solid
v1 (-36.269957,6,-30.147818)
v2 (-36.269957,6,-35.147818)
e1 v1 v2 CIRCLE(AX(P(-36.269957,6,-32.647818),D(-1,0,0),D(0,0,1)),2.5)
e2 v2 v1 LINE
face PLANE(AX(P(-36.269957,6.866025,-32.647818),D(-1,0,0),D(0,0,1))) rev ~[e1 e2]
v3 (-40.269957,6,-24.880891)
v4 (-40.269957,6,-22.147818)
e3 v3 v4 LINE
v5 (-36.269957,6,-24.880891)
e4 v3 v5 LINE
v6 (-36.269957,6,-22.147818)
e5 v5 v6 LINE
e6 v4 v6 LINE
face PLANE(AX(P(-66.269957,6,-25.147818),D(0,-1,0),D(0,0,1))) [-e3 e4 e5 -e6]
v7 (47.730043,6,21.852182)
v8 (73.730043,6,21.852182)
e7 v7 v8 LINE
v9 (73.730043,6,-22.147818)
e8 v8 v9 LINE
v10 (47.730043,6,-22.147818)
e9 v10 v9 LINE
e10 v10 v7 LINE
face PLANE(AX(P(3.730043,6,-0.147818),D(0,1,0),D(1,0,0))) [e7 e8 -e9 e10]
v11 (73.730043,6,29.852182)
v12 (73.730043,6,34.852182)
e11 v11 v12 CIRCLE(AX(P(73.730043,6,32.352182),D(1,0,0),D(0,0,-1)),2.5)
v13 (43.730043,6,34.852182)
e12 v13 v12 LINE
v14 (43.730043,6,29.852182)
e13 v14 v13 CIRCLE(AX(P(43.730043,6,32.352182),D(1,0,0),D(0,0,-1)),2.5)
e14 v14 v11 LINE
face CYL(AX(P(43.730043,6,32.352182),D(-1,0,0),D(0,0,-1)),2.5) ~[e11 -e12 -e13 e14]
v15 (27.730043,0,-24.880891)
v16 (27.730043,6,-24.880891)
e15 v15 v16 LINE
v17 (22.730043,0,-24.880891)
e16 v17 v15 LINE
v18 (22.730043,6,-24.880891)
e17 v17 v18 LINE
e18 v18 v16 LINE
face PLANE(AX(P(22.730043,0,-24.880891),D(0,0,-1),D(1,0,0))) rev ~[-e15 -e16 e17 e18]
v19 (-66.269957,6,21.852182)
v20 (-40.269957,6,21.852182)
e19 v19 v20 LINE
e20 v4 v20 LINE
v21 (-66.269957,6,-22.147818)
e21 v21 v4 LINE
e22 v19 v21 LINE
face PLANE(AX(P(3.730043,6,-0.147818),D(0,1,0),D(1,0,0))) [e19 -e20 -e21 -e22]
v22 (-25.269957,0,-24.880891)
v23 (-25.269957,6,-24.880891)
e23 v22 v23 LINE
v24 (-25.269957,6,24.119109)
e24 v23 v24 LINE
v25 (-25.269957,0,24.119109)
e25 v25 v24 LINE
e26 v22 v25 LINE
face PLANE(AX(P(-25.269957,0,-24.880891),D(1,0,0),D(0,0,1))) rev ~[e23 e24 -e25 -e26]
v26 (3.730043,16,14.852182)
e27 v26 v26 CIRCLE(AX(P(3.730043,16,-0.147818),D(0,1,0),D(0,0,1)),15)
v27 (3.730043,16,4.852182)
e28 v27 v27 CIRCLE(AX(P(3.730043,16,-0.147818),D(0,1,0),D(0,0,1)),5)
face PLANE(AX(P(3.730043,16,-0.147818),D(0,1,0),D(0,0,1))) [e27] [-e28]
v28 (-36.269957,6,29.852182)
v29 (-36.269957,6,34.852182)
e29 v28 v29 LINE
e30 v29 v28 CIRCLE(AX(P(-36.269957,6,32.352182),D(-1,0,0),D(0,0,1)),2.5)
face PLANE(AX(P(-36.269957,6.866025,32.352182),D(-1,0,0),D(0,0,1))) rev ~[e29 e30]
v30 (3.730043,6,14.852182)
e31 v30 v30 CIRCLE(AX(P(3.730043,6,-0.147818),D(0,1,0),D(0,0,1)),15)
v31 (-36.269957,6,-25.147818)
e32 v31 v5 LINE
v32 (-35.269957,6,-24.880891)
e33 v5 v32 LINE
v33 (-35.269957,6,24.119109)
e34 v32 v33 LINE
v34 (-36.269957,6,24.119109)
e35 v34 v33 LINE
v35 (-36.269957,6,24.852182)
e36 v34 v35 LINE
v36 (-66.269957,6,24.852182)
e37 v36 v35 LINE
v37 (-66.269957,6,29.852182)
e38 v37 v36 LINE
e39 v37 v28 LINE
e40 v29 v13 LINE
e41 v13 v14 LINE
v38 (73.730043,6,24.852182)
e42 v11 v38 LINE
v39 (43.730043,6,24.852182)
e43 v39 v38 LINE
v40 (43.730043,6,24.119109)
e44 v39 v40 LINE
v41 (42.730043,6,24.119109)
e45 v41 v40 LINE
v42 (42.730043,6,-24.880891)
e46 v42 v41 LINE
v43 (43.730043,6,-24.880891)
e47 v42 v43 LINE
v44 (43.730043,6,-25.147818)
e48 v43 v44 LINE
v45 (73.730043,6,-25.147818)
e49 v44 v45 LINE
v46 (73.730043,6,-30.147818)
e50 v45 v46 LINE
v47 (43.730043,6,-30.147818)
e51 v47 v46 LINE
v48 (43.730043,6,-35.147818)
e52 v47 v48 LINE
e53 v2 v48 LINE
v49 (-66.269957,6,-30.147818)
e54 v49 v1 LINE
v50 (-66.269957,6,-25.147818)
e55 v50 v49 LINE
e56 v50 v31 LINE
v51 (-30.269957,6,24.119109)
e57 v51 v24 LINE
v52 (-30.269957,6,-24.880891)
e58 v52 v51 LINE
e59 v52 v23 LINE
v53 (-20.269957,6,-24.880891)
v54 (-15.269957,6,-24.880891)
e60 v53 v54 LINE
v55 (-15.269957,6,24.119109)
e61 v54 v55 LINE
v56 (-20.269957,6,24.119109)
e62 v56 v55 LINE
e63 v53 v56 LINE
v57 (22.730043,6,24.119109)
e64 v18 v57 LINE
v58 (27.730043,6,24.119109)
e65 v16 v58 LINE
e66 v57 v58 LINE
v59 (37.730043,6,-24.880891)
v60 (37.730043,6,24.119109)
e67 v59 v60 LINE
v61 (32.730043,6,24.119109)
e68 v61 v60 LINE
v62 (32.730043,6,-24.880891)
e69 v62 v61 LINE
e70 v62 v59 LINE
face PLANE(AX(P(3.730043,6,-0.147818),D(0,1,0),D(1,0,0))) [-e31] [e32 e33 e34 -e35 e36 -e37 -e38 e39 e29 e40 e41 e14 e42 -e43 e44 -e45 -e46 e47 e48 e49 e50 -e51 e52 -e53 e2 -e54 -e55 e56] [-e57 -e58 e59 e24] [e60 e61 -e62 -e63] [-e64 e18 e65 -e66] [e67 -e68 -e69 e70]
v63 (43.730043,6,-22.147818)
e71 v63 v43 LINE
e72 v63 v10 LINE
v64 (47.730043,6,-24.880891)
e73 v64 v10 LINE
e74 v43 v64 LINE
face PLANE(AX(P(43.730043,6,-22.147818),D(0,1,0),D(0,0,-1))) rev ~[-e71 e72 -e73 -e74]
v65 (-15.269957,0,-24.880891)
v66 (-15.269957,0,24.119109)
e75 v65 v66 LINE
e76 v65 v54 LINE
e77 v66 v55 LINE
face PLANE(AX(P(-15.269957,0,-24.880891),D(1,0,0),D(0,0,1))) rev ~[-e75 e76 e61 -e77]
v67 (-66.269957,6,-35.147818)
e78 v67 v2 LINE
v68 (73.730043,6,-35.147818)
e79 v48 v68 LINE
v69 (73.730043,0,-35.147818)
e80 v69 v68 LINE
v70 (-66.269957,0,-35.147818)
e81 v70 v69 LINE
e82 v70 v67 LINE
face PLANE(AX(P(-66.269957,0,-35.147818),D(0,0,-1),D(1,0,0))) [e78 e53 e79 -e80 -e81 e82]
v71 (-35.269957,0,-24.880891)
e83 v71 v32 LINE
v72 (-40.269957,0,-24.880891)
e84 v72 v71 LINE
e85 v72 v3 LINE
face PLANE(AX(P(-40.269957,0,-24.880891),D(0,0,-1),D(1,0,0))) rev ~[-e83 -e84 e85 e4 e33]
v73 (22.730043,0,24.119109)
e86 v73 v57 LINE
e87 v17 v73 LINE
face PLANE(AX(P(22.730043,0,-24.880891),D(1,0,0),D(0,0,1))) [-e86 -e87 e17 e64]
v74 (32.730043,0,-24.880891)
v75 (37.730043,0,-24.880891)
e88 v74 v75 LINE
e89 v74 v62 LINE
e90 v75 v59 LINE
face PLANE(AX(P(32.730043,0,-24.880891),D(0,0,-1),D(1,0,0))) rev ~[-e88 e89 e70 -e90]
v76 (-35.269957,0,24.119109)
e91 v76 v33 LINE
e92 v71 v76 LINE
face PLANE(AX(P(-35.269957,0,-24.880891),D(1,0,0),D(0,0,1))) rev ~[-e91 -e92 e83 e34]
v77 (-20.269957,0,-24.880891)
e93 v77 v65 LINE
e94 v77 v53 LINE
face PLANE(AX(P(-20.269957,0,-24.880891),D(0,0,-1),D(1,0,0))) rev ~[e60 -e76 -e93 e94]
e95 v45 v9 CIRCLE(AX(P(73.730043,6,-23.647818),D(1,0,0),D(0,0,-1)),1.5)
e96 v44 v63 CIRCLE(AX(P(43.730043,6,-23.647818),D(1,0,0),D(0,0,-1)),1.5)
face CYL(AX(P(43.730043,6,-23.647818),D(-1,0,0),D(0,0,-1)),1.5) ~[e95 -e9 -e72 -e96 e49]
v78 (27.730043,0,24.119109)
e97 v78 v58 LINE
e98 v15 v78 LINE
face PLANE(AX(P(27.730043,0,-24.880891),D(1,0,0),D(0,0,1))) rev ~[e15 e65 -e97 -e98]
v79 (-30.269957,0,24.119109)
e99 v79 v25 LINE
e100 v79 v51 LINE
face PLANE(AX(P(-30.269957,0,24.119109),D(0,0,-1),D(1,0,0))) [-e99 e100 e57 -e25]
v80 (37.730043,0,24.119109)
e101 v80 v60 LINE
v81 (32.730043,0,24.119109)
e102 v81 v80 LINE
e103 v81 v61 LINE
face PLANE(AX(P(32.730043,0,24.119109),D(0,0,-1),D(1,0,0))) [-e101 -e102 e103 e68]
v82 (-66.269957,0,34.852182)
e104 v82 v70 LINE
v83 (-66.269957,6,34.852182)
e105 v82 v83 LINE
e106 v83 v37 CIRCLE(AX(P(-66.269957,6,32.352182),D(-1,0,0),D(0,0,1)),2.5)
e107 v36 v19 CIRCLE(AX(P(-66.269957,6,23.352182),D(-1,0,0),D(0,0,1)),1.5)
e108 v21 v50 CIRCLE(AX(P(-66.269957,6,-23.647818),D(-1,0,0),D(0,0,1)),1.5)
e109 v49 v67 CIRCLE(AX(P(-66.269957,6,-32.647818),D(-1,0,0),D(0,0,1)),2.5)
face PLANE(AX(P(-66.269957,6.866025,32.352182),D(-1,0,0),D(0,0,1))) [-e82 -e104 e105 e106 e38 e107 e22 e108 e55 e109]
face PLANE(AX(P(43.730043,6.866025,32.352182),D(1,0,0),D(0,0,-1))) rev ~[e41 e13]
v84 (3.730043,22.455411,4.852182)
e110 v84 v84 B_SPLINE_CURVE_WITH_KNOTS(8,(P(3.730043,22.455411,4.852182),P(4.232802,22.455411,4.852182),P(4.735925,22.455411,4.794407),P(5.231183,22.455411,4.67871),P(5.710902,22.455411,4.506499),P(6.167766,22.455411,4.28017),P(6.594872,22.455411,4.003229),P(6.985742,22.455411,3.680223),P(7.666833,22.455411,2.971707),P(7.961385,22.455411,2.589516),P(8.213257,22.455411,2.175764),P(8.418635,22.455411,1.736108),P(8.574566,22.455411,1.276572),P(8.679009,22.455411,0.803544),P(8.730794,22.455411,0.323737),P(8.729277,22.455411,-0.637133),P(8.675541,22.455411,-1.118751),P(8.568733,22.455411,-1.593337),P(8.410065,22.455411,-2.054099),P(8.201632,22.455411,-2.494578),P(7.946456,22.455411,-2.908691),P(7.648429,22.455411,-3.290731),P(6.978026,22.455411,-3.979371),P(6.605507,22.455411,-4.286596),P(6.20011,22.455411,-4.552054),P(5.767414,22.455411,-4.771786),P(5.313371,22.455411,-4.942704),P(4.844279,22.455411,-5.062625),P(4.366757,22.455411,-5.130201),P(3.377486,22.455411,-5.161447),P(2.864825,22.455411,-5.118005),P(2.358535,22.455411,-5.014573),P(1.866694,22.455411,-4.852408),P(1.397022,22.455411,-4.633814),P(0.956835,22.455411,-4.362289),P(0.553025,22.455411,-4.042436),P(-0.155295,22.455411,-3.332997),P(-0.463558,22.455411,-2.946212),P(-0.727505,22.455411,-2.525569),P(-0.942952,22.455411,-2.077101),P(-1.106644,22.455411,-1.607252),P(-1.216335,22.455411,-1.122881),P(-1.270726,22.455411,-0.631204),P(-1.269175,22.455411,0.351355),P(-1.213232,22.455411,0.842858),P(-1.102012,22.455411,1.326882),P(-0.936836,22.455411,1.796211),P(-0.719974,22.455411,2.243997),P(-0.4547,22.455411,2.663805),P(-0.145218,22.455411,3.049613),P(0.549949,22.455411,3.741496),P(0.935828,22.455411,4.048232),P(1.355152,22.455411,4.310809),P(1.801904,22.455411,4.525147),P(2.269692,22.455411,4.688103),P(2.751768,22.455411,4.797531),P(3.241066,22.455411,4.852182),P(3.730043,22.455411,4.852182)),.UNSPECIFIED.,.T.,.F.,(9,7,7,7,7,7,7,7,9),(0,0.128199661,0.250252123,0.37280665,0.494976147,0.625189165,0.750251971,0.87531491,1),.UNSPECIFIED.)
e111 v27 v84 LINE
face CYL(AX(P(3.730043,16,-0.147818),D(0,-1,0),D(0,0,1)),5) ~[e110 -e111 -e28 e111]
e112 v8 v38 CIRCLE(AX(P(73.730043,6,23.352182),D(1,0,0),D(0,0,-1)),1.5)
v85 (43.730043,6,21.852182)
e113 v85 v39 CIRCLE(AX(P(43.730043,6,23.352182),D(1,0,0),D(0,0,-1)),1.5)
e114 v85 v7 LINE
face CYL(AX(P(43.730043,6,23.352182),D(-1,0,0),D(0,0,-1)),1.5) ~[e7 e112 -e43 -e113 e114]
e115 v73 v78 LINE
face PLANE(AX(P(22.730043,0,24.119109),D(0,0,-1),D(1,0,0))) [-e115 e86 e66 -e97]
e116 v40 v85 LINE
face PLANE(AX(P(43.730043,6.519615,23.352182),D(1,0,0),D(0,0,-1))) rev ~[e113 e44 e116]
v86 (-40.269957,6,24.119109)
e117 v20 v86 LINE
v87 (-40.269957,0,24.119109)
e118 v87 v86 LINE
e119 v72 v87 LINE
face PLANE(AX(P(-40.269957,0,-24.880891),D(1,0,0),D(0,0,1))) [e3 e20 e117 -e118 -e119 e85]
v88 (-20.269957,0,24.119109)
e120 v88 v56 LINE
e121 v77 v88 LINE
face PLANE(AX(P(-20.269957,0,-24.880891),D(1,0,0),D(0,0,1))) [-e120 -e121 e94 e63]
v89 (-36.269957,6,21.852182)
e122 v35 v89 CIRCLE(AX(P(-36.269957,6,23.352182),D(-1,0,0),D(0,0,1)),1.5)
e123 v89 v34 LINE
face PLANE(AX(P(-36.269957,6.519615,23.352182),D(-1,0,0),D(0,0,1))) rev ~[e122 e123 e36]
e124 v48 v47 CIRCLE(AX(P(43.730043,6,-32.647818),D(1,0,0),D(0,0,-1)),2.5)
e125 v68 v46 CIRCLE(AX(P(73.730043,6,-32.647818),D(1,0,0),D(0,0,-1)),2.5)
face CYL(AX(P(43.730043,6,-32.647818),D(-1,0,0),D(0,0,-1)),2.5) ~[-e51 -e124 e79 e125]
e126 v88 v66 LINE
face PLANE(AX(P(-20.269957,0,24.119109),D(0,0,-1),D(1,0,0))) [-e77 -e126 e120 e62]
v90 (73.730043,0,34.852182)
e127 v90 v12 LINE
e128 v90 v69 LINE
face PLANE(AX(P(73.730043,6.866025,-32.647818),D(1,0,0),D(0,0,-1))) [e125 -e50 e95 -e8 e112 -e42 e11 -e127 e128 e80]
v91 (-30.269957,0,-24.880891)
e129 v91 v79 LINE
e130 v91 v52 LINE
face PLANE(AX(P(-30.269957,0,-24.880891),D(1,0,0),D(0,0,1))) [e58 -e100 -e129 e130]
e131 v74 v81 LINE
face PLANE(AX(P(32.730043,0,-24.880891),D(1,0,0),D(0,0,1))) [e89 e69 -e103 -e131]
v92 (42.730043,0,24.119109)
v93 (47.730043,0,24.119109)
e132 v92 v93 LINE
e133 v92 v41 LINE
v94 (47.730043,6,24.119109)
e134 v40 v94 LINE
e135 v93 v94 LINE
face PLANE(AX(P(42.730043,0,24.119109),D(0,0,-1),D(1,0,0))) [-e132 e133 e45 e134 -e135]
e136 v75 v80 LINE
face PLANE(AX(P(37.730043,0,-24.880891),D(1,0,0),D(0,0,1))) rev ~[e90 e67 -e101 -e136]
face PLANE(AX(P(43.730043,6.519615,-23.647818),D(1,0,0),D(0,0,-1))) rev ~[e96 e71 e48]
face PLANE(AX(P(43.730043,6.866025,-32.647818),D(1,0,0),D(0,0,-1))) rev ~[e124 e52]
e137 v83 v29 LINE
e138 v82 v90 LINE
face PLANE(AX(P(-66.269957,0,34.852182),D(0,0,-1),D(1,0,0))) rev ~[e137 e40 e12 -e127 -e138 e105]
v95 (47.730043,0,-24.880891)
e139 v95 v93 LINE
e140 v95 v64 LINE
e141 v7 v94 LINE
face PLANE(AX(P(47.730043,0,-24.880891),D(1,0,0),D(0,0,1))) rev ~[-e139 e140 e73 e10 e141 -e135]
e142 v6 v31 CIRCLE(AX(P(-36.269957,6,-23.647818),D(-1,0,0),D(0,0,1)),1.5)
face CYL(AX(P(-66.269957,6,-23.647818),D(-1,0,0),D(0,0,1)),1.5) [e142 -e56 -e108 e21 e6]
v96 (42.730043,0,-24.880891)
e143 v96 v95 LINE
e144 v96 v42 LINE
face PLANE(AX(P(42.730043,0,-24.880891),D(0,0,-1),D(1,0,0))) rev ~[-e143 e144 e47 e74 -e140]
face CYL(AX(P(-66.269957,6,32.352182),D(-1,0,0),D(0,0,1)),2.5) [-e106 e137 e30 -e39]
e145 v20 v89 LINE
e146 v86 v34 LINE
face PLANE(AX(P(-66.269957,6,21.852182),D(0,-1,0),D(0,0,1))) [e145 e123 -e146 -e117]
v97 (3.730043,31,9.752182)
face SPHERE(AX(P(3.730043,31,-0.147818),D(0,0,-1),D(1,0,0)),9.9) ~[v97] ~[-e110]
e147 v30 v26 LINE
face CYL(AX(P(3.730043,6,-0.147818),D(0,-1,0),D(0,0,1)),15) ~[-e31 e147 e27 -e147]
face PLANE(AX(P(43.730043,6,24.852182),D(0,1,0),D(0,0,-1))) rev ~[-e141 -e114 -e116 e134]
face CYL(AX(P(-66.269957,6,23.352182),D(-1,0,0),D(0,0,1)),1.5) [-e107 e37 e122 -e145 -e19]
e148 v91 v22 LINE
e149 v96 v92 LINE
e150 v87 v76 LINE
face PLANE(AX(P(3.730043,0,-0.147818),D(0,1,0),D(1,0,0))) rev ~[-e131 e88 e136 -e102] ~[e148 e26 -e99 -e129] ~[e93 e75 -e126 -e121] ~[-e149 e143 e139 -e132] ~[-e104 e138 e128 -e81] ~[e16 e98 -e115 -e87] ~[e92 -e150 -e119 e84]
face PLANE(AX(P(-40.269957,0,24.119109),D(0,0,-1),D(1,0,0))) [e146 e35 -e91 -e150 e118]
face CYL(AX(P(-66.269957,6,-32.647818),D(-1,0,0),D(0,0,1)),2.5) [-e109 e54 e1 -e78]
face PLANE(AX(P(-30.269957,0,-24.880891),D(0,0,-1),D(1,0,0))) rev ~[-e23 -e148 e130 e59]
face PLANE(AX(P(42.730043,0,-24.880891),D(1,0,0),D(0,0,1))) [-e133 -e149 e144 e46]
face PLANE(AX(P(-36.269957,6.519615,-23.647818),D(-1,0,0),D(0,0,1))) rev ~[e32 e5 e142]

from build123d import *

# Parameters (mm, degrees)
SKETCH_1_W          = 140
SKETCH_1_H          = 70
EXTRUDE_1_DEPTH     = 6
SKETCH_2_R          = 15
EXTRUDE_2_DEPTH     = 10
SKETCH_5_R          = 5
EXTRUDE_4_DEPTH     = 15
SKETCH_7_W          = 5
SKETCH_7_H          = 49
CUT_EXTRUDE_1_DEPTH = 6
EXTRUDE_5_DEPTH     = 30
EXTRUDE_START       = -30
EXTRUDE_6_DEPTH     = 30


with BuildPart() as part:
    # 草图1 → 凸台-拉伸1 (new body)
    with BuildSketch(Plane(origin=(0, 0, 0), x_dir=(1, 0, 0), z_dir=(0, 1, 0))):
        with Locations((3.730042991, 0.147818203)):
            Rectangle(SKETCH_1_W, SKETCH_1_H)
    extrude(amount=EXTRUDE_1_DEPTH)

    # 草图2 → 凸台-拉伸2 (add)
    with BuildSketch(Plane(origin=(0, 6, 0), x_dir=(1, 0, 0), z_dir=(0, 1, 0))):
        with Locations(Location((3.730042991, 0.147818203, 0), (0, 0, 270))):
            Circle(SKETCH_2_R)
    extrude(amount=EXTRUDE_2_DEPTH)

    # 草图5 → 凸台-拉伸4 (add)
    with BuildSketch(Plane(origin=(0, 16, 0), x_dir=(1, 0, 0), z_dir=(0, 1, 0))):
        with Locations(Location((3.730042991, 0.147818203, 0), (0, 0, 270))):
            Circle(SKETCH_5_R)
    extrude(amount=EXTRUDE_4_DEPTH)

    # 草图6 → 旋转2 (revolve)
    with BuildSketch(Plane(origin=(0, 31, 0), x_dir=(1, 0, 0), z_dir=(0, 1, 0))):
        with BuildLine():
            Line((3.730042991, 10.047818203), (3.730042991, -9.752181797))
            ThreePointArc((3.730042991, -9.752181797), (13.630042991, 0.147818203), (3.730042991, 10.047818203))
        make_face()
    revolve(axis=Axis((3.730042991, 31, -10.047818203), (0, 0, 1)))

    # 草图7 → 切除-拉伸1 (cut)
    with BuildSketch(Plane.XZ):
        with Locations((25.230042991, -0.380891395)):
            Rectangle(SKETCH_7_W, SKETCH_7_H)
        with Locations((-37.769957009, -0.380891395)):
            Rectangle(SKETCH_7_W, SKETCH_7_H)
        with Locations((35.230042991, -0.380891395)):
            Rectangle(SKETCH_7_W, SKETCH_7_H)
        with Locations((45.230042991, -0.380891395)):
            Rectangle(SKETCH_7_W, SKETCH_7_H)
        with Locations((-27.769957009, -0.380891395)):
            Rectangle(SKETCH_7_W, SKETCH_7_H)
        with Locations((-17.769957009, -0.380891395)):
            Rectangle(SKETCH_7_W, SKETCH_7_H)
    extrude(amount=-CUT_EXTRUDE_1_DEPTH, mode=Mode.SUBTRACT)

    # 草图9 → 凸台-拉伸5 (add)
    with BuildSketch(Plane.ZY.offset(66.269957009)):
        with BuildLine():
            Line((29.852181797, 6), (34.852181797, 6))
            ThreePointArc((34.852181797, 6), (32.352181797, 8.5), (29.852181797, 6))
        make_face()
        with BuildLine():
            Line((-35.147818203, 6), (-30.147818203, 6))
            ThreePointArc((-30.147818203, 6), (-32.647818203, 8.5), (-35.147818203, 6))
        make_face()
        with BuildLine():
            Line((21.852181797, 6), (24.852181797, 6))
            ThreePointArc((24.852181797, 6), (23.352181797, 7.5), (21.852181797, 6))
        make_face()
        with BuildLine():
            Line((-25.147818203, 6), (-22.147818203, 6))
            ThreePointArc((-22.147818203, 6), (-23.647818203, 7.5), (-25.147818203, 6))
        make_face()
    extrude(amount=-EXTRUDE_5_DEPTH)

    # 草图11 → 凸台-拉伸6 (add)
    with BuildSketch(Plane(origin=(73.730042991, 0, 0), x_dir=(0, 0, -1), z_dir=(1, 0, 0)).offset(EXTRUDE_START)):
        with BuildLine():
            Line((30.147818203, 6), (35.147818203, 6))
            ThreePointArc((35.147818203, 6), (32.647818203, 8.5), (30.147818203, 6))
        make_face()
        with BuildLine():
            Line((-34.852181797, 6), (-29.852181797, 6))
            ThreePointArc((-29.852181797, 6), (-32.352181797, 8.5), (-34.852181797, 6))
        make_face()
        with BuildLine():
            Line((22.147818203, 6), (25.147818203, 6))
            ThreePointArc((25.147818203, 6), (23.647818203, 7.5), (22.147818203, 6))
        make_face()
        with BuildLine():
            Line((-24.852181797, 6), (-21.852181797, 6))
            ThreePointArc((-21.852181797, 6), (-23.352181797, 7.5), (-24.852181797, 6))
        make_face()
    extrude(amount=EXTRUDE_6_DEPTH)


solid = part.part
